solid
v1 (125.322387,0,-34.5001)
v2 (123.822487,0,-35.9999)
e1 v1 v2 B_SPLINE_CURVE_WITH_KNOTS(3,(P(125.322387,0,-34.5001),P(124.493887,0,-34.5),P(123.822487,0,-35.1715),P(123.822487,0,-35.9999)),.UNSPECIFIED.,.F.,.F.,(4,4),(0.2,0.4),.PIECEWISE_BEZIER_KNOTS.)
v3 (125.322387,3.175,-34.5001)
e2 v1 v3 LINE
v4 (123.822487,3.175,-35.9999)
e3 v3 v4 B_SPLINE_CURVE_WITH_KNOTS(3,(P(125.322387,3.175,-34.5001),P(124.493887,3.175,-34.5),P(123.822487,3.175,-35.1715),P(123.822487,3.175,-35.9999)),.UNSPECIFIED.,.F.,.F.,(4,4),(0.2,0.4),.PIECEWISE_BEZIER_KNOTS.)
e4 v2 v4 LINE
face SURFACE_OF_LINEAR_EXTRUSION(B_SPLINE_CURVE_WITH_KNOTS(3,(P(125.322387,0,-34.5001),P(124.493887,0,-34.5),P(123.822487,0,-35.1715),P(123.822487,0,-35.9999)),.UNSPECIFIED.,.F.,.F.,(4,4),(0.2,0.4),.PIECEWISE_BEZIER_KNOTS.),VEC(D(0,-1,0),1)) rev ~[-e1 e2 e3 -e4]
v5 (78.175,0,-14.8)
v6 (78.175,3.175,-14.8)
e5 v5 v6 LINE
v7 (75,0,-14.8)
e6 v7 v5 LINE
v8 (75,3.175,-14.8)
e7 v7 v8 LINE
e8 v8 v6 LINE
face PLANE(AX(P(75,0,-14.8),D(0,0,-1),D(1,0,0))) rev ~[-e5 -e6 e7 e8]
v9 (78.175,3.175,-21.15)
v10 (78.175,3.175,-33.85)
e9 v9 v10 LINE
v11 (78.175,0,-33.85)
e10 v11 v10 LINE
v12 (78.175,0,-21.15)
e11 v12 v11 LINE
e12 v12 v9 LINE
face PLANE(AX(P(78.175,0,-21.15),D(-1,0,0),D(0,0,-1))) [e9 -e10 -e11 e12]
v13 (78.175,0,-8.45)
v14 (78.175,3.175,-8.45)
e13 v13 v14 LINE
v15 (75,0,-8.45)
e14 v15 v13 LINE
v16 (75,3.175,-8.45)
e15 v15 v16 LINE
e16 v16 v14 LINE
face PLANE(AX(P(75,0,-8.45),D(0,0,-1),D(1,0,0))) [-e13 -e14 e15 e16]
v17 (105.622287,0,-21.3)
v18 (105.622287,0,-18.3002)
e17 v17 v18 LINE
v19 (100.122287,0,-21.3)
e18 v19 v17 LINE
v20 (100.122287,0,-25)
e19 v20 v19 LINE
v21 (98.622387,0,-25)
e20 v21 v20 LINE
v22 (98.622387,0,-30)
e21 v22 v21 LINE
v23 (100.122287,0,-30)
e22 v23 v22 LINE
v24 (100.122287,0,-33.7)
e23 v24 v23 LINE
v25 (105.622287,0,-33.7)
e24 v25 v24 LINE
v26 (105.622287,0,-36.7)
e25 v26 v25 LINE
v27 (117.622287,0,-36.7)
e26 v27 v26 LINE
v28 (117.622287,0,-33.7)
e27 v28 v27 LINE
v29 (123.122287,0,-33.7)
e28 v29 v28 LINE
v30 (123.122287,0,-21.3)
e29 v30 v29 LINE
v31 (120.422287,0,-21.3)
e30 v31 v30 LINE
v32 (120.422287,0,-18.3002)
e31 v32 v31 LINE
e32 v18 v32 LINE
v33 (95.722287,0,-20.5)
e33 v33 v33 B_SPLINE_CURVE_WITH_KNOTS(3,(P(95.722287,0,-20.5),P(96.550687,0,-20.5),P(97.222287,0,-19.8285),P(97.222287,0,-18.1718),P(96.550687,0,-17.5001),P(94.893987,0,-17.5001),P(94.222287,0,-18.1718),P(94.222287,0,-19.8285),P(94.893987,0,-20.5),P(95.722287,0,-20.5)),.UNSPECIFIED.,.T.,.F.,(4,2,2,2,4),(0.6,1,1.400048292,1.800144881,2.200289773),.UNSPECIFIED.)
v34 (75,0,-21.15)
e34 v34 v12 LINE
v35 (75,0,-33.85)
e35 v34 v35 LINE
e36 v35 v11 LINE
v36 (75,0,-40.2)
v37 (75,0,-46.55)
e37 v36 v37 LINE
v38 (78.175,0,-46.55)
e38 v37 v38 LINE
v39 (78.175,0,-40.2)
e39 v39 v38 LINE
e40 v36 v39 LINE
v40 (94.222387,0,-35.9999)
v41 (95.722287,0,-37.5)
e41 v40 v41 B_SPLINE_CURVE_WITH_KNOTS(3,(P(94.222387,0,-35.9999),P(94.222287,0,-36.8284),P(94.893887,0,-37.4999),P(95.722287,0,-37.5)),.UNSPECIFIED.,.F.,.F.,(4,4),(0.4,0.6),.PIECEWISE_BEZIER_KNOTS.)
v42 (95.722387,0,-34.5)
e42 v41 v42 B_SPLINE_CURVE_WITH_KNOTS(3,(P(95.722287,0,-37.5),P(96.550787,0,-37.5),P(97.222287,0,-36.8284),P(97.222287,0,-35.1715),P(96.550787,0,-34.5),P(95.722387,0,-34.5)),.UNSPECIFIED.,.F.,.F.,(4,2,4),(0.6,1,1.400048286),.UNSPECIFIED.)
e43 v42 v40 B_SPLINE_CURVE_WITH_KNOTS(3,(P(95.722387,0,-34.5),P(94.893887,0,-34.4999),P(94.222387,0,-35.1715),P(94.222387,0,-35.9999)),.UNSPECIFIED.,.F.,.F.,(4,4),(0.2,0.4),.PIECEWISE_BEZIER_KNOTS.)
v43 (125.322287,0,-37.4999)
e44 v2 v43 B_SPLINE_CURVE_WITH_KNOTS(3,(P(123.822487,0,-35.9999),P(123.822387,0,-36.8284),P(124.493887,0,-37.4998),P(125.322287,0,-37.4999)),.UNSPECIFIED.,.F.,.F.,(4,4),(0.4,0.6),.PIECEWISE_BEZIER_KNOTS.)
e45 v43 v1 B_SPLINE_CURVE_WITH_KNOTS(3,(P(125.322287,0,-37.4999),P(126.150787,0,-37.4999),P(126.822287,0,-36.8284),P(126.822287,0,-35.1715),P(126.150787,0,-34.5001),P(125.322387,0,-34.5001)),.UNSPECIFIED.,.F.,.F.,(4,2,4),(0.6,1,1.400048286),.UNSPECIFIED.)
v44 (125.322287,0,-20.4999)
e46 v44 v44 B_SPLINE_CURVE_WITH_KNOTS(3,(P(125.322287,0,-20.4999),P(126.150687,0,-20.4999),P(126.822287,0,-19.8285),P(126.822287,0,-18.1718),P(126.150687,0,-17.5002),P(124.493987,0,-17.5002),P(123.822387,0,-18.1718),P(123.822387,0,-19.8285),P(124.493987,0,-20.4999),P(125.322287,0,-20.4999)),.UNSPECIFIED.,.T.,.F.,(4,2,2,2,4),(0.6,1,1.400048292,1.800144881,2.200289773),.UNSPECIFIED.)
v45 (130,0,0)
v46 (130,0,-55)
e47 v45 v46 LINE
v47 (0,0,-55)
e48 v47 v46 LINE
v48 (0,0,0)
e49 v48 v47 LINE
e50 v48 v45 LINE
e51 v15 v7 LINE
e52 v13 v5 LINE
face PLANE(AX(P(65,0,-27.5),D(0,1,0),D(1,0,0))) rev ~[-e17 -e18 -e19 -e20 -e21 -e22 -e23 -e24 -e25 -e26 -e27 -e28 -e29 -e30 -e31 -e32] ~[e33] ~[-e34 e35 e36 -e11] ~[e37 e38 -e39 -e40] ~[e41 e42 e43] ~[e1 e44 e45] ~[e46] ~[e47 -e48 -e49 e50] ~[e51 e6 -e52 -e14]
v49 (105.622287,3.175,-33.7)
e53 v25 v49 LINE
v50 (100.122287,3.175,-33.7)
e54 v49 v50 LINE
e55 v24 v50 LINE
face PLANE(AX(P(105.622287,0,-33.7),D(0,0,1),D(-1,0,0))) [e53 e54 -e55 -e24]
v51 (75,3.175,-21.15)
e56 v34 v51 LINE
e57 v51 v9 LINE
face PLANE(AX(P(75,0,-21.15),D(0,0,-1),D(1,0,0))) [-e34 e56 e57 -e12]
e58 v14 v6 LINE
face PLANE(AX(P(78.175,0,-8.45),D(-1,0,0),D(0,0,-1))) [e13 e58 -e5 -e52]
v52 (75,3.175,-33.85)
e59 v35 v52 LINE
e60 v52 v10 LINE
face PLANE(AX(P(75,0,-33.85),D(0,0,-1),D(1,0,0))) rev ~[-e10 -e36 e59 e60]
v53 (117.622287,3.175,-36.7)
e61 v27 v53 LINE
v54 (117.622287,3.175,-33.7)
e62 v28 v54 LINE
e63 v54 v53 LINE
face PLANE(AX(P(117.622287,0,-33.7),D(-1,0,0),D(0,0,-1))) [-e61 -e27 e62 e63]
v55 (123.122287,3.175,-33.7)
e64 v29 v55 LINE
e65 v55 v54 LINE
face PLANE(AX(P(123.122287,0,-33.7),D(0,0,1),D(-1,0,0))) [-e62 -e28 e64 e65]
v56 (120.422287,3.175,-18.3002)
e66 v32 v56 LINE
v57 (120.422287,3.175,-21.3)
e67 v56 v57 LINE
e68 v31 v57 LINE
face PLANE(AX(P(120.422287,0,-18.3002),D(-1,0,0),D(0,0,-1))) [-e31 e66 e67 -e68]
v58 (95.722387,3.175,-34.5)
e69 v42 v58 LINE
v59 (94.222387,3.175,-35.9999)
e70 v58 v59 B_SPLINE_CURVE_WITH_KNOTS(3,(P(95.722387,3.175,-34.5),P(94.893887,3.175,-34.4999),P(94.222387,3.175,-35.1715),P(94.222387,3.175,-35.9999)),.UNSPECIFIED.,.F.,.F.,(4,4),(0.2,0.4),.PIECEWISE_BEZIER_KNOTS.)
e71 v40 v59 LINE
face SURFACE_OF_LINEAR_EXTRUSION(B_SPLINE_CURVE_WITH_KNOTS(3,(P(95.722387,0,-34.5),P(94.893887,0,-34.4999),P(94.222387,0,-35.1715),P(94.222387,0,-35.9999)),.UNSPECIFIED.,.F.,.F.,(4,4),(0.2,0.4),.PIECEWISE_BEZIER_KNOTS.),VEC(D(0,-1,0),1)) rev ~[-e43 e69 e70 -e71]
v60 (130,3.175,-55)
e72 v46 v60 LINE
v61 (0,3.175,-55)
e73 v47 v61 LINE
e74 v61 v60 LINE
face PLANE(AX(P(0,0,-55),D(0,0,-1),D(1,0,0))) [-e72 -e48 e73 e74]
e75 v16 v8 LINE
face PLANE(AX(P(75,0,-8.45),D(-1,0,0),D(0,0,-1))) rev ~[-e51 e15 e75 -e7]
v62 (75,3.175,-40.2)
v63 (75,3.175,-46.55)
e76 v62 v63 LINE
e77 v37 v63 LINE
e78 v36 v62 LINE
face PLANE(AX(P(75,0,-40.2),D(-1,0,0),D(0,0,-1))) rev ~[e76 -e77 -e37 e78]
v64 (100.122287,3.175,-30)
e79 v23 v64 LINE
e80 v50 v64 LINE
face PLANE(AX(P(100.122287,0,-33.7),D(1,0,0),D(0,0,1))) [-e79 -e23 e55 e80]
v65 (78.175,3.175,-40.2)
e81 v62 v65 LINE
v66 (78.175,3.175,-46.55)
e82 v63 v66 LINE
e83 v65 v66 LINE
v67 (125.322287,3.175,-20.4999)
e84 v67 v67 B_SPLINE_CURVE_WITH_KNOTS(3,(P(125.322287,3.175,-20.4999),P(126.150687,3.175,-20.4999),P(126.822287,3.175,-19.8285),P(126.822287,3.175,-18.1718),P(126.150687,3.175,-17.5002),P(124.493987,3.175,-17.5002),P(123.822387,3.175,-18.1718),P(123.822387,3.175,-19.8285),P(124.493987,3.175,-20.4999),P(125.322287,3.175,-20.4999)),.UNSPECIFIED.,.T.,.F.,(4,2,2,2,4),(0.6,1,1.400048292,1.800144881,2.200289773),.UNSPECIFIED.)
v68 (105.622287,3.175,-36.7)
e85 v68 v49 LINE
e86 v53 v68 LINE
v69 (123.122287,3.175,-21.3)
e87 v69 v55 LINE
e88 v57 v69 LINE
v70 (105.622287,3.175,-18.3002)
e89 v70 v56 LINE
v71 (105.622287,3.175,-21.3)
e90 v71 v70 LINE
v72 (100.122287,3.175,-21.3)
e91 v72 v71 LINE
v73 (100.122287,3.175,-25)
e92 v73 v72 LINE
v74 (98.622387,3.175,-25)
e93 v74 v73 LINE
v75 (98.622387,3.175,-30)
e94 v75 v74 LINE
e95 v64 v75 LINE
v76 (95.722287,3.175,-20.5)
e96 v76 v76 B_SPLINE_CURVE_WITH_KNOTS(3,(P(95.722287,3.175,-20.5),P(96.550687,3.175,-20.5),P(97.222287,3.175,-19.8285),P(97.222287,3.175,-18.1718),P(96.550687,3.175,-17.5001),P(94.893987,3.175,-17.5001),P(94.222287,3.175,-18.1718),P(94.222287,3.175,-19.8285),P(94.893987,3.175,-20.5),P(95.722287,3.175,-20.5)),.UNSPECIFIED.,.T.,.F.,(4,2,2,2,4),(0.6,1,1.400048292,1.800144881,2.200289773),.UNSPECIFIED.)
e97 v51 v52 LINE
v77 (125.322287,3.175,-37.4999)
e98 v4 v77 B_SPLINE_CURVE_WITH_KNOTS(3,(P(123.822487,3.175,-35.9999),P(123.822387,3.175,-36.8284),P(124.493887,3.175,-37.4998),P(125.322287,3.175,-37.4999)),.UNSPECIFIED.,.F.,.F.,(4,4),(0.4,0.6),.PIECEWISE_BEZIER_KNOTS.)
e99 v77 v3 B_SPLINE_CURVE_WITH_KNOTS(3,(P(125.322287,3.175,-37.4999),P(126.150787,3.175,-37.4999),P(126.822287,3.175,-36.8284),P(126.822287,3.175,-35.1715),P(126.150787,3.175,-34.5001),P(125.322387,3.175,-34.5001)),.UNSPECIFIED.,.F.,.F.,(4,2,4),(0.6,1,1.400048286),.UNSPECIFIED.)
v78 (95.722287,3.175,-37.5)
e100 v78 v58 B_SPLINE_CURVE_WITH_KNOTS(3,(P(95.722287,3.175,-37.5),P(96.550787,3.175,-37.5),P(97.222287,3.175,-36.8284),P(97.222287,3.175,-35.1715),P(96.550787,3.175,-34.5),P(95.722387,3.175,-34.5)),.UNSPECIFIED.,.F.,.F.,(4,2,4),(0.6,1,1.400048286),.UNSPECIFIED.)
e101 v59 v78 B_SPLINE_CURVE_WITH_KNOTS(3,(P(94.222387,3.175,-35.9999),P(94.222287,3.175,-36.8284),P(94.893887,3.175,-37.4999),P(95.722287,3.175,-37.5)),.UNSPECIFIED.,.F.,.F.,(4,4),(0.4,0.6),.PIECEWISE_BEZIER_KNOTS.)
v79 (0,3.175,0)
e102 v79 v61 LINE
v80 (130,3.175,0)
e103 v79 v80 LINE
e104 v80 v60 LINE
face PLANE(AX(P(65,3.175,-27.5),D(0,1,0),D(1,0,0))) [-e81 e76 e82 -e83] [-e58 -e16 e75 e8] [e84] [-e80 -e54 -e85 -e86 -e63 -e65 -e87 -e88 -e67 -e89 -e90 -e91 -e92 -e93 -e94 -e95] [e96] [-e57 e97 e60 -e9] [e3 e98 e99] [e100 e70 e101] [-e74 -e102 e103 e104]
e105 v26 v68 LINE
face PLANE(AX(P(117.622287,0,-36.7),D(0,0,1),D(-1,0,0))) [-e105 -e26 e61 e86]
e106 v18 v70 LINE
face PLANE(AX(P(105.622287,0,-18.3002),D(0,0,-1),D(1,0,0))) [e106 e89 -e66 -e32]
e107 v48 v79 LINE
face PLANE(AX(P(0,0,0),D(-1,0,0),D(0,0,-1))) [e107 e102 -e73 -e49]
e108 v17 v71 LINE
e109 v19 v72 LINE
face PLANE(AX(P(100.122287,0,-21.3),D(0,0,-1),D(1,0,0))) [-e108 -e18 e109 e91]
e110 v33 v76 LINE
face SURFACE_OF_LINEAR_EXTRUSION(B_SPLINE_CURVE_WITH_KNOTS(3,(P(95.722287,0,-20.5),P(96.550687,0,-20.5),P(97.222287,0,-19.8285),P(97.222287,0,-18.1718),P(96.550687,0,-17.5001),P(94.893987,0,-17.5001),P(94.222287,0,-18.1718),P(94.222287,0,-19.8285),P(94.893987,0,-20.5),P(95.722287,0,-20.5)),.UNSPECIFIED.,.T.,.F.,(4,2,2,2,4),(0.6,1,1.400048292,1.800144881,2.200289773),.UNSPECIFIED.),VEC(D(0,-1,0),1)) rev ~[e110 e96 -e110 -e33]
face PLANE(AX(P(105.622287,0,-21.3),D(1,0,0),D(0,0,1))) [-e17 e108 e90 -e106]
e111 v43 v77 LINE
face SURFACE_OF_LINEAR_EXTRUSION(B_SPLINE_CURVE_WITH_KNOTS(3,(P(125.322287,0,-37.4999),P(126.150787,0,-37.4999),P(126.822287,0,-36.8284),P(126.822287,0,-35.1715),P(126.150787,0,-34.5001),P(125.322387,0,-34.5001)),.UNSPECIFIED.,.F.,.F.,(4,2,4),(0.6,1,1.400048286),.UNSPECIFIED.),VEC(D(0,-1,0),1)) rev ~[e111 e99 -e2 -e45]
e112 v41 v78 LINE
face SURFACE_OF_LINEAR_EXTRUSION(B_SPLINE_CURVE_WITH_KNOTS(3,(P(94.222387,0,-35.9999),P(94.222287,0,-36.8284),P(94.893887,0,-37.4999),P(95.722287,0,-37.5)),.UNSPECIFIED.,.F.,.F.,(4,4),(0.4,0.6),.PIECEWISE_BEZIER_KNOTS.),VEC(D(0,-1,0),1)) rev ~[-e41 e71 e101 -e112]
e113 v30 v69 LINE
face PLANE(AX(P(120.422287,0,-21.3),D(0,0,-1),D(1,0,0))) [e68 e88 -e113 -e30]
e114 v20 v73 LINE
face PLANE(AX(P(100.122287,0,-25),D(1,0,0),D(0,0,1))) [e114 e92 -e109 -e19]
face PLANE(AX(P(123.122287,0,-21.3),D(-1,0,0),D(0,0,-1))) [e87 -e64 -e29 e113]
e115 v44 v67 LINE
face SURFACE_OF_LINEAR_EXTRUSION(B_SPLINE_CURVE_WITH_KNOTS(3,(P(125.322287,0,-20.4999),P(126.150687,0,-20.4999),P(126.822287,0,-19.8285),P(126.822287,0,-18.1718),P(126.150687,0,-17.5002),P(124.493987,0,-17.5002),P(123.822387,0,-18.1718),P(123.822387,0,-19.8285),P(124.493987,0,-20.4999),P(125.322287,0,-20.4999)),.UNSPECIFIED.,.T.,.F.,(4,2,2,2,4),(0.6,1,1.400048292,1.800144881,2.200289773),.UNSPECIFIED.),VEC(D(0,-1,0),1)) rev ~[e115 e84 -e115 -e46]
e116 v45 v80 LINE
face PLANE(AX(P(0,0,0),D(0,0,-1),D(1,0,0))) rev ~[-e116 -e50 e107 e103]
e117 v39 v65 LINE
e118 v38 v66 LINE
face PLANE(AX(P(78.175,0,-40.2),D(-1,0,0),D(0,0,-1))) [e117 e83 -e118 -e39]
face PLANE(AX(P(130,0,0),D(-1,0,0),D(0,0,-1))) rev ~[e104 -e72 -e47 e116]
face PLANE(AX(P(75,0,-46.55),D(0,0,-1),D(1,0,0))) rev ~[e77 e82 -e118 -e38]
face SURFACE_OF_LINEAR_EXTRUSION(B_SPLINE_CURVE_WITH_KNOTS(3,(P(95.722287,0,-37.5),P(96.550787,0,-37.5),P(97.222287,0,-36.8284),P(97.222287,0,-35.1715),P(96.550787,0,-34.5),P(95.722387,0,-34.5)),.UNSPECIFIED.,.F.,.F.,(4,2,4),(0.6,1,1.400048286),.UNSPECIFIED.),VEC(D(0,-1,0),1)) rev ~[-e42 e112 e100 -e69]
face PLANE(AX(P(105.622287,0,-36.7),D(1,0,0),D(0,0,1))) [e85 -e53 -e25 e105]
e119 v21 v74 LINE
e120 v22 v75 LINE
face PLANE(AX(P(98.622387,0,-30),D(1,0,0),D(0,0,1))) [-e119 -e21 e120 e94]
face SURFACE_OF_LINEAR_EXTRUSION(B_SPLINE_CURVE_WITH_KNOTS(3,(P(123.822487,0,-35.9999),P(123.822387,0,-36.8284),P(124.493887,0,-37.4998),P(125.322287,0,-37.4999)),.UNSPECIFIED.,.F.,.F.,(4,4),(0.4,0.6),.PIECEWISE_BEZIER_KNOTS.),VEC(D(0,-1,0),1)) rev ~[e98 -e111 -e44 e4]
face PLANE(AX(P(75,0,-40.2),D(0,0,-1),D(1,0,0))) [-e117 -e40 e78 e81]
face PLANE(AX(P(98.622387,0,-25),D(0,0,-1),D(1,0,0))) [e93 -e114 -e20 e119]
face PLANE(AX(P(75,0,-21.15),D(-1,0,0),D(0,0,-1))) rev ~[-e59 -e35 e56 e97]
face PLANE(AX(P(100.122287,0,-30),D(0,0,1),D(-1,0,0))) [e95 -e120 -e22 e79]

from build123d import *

# Parameters (mm, degrees)
SKETCH1_W           = 130
SKETCH1_H           = 55
SKETCH1_W_2         = 3.175
SKETCH1_H_2         = 6.35
SKETCH1_H_3         = 12.7
BOSS_EXTRUDE1_DEPTH = 3.175


with BuildPart() as part:
    # Sketch1 → Boss-Extrude1 (new body)
    with BuildSketch(Plane(origin=(0, 0, 0), x_dir=(1, 0, 0), z_dir=(0, 1, 0))):
        with Locations((65, 27.5)):
            Rectangle(SKETCH1_W, SKETCH1_H)
        with Locations((76.5875, 43.375)):
            Rectangle(SKETCH1_W_2, SKETCH1_H_2, mode=Mode.SUBTRACT)
        with Locations((76.5875, 11.625)):
            Rectangle(SKETCH1_W_2, SKETCH1_H_2, mode=Mode.SUBTRACT)
        with Locations((76.5875, 27.5)):
            Rectangle(SKETCH1_W_2, SKETCH1_H_3, mode=Mode.SUBTRACT)
        Polygon((98.622387284, 25), (100.122287284, 25), (100.122287284, 21.3), (105.622287284, 21.3), (105.622287284, 18.3002), (120.422287284, 18.3002), (120.422287284, 21.3), (123.122287284, 21.3), (123.122287284, 33.7), (117.622287284, 33.7), (117.622287284, 36.7), (105.622287284, 36.7), (105.622287284, 33.7), (100.122287284, 33.7), (100.122287284, 30), (98.622387284, 30), align=None, mode=Mode.SUBTRACT)
        with BuildLine():
            add(Edge.make_bspline(
                [(97.222287284, 36), (97.222287284, 35.1715), (96.550787284, 34.5), (95.722387284, 34.5)],
                knots=[0, 0, 0, 0, 0.2, 0.2, 0.2, 0.2], degree=3))
            add(Edge.make_bspline(
                [(95.722387284, 34.5), (94.893887284, 34.4999), (94.222387284, 35.1715), (94.222387284, 35.9999)],
                knots=[0.2, 0.2, 0.2, 0.2, 0.4, 0.4, 0.4, 0.4], degree=3))
            add(Edge.make_bspline(
                [(94.222387284, 35.9999), (94.222287284, 36.8284), (94.893887284, 37.4999), (95.722287284, 37.5)],
                knots=[0.4, 0.4, 0.4, 0.4, 0.6, 0.6, 0.6, 0.6], degree=3))
            add(Edge.make_bspline(
                [(95.722287284, 37.5), (96.550787284, 37.5), (97.222287284, 36.8284), (97.222287284, 36)],
                knots=[0.6, 0.6, 0.6, 0.6, 1, 1, 1, 1], degree=3))
        make_face(mode=Mode.SUBTRACT)
        with BuildLine():
            add(Edge.make_bspline(
                [(126.822287284, 19.0002), (126.822287284, 18.1718), (126.150687284, 17.5002), (125.322387284, 17.5002)],
                knots=[0, 0, 0, 0, 0.2, 0.2, 0.2, 0.2], degree=3))
            add(Edge.make_bspline(
                [(125.322387284, 17.5002), (124.493987284, 17.5002), (123.822387284, 18.1718), (123.822387284, 19.0001)],
                knots=[0.2, 0.2, 0.2, 0.2, 0.4, 0.4, 0.4, 0.4], degree=3))
            add(Edge.make_bspline(
                [(123.822387284, 19.0001), (123.822387284, 19.8285), (124.493987284, 20.4999), (125.322287284, 20.4999)],
                knots=[0.4, 0.4, 0.4, 0.4, 0.6, 0.6, 0.6, 0.6], degree=3))
            add(Edge.make_bspline(
                [(125.322287284, 20.4999), (126.150687284, 20.4999), (126.822287284, 19.8285), (126.822287284, 19.0002)],
                knots=[0.6, 0.6, 0.6, 0.6, 1, 1, 1, 1], degree=3))
        make_face(mode=Mode.SUBTRACT)
        with BuildLine():
            add(Edge.make_bspline(
                [(97.222287284, 19.0002), (97.222287284, 18.1718), (96.550687284, 17.5001), (95.722387284, 17.5001)],
                knots=[0, 0, 0, 0, 0.2, 0.2, 0.2, 0.2], degree=3))
            add(Edge.make_bspline(
                [(95.722387284, 17.5001), (94.893987284, 17.5001), (94.222287284, 18.1718), (94.222287284, 19.0001)],
                knots=[0.2, 0.2, 0.2, 0.2, 0.4, 0.4, 0.4, 0.4], degree=3))
            add(Edge.make_bspline(
                [(94.222287284, 19.0001), (94.222287284, 19.8285), (94.893987284, 20.5), (95.722287284, 20.5)],
                knots=[0.4, 0.4, 0.4, 0.4, 0.6, 0.6, 0.6, 0.6], degree=3))
            add(Edge.make_bspline(
                [(95.722287284, 20.5), (96.550687284, 20.5), (97.222287284, 19.8285), (97.222287284, 19.0002)],
                knots=[0.6, 0.6, 0.6, 0.6, 1, 1, 1, 1], degree=3))
        make_face(mode=Mode.SUBTRACT)
        with BuildLine():
            add(Edge.make_bspline(
                [(126.822287284, 36), (126.822287284, 35.1715), (126.150787284, 34.5001), (125.322387284, 34.5001)],
                knots=[0, 0, 0, 0, 0.2, 0.2, 0.2, 0.2], degree=3))
            add(Edge.make_bspline(
                [(125.322387284, 34.5001), (124.493887284, 34.5), (123.822487284, 35.1715), (123.822487284, 35.9999)],
                knots=[0.2, 0.2, 0.2, 0.2, 0.4, 0.4, 0.4, 0.4], degree=3))
            add(Edge.make_bspline(
                [(123.822487284, 35.9999), (123.822387284, 36.8284), (124.493887284, 37.4998), (125.322287284, 37.4999)],
                knots=[0.4, 0.4, 0.4, 0.4, 0.6, 0.6, 0.6, 0.6], degree=3))
            add(Edge.make_bspline(
                [(125.322287284, 37.4999), (126.150787284, 37.4999), (126.822287284, 36.8284), (126.822287284, 36)],
                knots=[0.6, 0.6, 0.6, 0.6, 1, 1, 1, 1], degree=3))
        make_face(mode=Mode.SUBTRACT)
    extrude(amount=BOSS_EXTRUDE1_DEPTH)


solid = part.part
